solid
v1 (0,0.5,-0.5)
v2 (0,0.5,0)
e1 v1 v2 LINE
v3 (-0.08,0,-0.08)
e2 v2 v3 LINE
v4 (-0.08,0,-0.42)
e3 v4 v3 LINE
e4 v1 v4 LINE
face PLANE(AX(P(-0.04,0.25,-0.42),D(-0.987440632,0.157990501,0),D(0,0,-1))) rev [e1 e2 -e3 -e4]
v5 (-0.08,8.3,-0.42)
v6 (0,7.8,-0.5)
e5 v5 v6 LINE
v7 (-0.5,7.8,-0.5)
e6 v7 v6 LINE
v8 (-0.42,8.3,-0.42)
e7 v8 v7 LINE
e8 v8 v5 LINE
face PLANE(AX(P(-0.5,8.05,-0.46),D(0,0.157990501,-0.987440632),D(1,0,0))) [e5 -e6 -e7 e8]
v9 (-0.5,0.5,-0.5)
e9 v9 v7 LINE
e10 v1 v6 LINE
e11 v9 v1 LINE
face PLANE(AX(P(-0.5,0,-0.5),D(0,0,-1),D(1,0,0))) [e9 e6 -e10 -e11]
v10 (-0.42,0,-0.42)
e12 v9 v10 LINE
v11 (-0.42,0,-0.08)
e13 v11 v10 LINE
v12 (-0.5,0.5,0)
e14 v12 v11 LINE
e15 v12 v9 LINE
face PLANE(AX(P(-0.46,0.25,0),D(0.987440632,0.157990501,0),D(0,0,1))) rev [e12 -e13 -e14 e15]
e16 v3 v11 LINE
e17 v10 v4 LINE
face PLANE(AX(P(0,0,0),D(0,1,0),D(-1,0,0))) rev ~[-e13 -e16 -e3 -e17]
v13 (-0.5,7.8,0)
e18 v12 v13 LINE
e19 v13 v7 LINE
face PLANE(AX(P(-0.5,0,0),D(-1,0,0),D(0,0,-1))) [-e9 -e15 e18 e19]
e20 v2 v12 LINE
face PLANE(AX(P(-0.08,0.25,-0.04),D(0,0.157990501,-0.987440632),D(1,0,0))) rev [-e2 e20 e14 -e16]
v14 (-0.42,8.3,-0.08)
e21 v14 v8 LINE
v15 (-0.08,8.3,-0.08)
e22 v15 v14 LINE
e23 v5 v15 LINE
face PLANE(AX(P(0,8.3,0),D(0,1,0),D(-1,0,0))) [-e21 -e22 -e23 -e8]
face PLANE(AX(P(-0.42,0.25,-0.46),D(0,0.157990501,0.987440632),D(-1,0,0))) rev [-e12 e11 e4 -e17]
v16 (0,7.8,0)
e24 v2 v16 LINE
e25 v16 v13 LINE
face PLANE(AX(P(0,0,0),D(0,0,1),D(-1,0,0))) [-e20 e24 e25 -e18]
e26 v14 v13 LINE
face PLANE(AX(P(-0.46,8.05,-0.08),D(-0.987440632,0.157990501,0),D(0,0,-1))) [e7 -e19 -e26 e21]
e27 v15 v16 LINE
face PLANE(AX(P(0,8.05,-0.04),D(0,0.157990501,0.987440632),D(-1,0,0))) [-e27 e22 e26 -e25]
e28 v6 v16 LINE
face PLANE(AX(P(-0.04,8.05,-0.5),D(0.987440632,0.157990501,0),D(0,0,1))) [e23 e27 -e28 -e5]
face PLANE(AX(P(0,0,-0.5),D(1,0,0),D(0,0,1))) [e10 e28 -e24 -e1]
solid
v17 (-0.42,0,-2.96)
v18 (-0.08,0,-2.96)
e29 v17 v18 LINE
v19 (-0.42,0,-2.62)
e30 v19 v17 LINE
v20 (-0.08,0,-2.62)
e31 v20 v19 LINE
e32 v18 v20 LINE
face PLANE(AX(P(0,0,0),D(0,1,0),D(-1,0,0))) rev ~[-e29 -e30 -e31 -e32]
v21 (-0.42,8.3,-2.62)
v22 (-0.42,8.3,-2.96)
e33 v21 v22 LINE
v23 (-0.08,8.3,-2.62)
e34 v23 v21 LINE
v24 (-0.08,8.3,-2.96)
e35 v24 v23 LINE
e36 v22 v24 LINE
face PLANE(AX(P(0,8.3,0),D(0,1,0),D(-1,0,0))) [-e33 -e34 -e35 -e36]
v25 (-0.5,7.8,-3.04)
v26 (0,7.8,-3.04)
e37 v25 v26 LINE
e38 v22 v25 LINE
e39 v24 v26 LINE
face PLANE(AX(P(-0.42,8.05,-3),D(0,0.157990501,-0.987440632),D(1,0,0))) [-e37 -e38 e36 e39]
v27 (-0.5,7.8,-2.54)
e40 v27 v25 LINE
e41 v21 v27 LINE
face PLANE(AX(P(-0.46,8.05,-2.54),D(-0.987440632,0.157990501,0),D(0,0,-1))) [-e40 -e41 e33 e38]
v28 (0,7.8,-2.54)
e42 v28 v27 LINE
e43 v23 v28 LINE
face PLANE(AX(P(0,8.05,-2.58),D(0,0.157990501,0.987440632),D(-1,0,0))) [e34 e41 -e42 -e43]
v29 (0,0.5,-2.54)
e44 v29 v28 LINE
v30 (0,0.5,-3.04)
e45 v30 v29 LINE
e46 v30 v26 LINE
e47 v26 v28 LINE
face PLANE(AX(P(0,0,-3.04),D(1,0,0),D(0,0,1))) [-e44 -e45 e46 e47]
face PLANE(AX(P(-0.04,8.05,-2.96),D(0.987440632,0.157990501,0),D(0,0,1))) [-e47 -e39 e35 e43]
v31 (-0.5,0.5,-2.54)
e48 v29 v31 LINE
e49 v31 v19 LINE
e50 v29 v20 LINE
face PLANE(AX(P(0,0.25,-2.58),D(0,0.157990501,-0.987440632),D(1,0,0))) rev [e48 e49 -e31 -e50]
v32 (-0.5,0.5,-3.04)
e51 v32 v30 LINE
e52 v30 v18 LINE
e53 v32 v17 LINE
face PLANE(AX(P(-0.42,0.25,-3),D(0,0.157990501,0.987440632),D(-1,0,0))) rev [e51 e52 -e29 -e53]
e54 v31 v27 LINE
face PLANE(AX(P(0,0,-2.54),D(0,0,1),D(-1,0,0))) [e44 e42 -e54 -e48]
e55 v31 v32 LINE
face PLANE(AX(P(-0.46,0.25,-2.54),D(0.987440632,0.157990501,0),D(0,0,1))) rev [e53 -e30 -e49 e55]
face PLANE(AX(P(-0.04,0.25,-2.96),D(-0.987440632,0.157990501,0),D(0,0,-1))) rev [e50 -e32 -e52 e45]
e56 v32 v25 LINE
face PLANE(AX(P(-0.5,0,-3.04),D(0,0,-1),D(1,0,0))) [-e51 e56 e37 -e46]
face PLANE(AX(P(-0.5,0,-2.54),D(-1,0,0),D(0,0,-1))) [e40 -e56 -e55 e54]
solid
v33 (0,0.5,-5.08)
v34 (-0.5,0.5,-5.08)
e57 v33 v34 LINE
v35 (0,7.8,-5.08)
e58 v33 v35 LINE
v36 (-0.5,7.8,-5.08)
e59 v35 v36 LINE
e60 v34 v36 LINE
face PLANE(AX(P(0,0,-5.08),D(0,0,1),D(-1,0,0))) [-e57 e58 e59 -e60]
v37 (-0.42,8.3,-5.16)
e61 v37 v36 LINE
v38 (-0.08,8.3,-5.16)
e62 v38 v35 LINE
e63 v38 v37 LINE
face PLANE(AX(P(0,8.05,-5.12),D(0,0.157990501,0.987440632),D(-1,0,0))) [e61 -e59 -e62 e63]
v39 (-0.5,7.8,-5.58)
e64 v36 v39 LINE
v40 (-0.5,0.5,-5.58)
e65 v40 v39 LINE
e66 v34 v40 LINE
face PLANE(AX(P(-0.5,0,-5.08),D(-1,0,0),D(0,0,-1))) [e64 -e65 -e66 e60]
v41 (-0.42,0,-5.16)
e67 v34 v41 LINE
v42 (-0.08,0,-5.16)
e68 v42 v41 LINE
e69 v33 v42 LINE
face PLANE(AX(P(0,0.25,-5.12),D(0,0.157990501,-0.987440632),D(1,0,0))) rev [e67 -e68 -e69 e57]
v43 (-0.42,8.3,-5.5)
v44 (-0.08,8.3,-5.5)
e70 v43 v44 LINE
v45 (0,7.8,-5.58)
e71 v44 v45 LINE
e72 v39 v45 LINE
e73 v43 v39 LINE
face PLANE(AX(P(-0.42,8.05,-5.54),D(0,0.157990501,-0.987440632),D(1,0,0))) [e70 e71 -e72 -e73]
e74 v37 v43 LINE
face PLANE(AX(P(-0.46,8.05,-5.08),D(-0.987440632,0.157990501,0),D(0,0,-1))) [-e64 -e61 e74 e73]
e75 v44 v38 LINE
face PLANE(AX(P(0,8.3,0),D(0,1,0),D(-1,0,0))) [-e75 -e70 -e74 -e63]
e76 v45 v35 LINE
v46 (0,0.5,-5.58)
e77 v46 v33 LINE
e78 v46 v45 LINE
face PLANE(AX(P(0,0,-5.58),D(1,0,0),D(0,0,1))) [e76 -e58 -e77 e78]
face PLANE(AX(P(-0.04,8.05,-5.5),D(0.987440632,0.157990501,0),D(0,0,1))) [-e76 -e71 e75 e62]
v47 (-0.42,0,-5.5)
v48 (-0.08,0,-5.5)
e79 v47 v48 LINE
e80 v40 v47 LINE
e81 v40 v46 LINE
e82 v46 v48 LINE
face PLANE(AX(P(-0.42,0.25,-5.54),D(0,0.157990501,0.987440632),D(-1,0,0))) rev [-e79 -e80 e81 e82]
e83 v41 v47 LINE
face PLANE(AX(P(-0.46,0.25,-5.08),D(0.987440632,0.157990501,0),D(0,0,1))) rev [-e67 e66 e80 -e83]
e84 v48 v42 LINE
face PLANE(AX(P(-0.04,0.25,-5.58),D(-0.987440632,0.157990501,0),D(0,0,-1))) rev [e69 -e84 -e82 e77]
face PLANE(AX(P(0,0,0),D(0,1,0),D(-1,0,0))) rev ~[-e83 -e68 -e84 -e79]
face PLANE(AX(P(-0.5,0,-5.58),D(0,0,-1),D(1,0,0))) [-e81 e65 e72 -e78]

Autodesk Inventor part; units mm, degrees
ref_plane "YZ Plane" through (0, 0, 0) normal (1, 0, 0) x (0, 1, 0)
ref_plane "XZ Plane" through (0, 0, 0) normal (0, 1, 0) x (-1, 0, 0)
ref_plane "XY Plane" through (0, 0, 0) normal (0, 0, 1) x (1, 0, 0)
sketch "Boceto1" plane through (0, 0, 0) normal (0, 1, 0) x (-1, 0, 0)
  line L0 (0, 0) -> (0.5, 0)
  line L1 (0.5, 0) -> (0.5, -0.5)
  line L2 (0.5, -0.5) -> (0, -0.5)
  line L3 (0, -0.5) -> (0, 0)
  line L4 (0, -2.54) -> (0.5, -2.54)
  line L5 (0.5, -2.54) -> (0.5, -3.04)
  line L6 (0.5, -3.04) -> (0, -3.04)
  line L7 (0, -3.04) -> (0, -2.54)
  line L8 (0, -5.08) -> (0.5, -5.08)
  line L9 (0.5, -5.08) -> (0.5, -5.58)
  line L10 (0.5, -5.58) -> (0, -5.58)
  line L11 (0, -5.58) -> (0, -5.08)
  dimension "d0" = 0.5
  dimension "d1" = 0.5
  dimension "d2" = 0.5
  dimension "d3" = 0.5
  dimension "d7" = 2.04
  dimension "d8" = 0.5
  dimension "d9" = 0.5
  dimension "d10" = 2.04
extrude "Extrusión1" add sketch "Boceto1" along normal blind 8.3
chamfer "Chaflán1" distance 0.08 distance2 0.5 1 edges at (-0.25, 8.3, 0) measured on face at (-0.1667, 8.3, -0.1667)
chamfer "Chaflán2" distance 0.08 distance2 0.5 1 edges at (0, 8.3, -0.29) measured on face at (-0.1667, 8.3, -0.22)
chamfer "Chaflán3" distance 0.08 distance2 0.5 1 edges at (-0.29, 8.3, -0.5) measured on face at (-0.22, 8.3, -0.22)
chamfer "Chaflán4" distance 0.08 distance2 0.5 1 edges at (-0.5, 8.3, -0.25) measured on face at (-0.22, 8.3, -0.1933)
chamfer "Chaflán5" distance 0.08 distance2 0.5 1 edges at (-0.5, 8.3, -2.79) measured on face at (-0.1667, 8.3, -2.7067)
chamfer "Chaflán6" distance 0.08 distance2 0.5 1 edges at (-0.21, 8.3, -2.54) measured on face at (-0.14, 8.3, -2.7067)
chamfer "Chaflán7" distance 0.08 distance2 0.5 1 edges at (-0.21, 8.3, -3.04) measured on face at (-0.14, 8.3, -2.76)
chamfer "Chaflán8" distance 0.08 distance2 0.5 1 edges at (0, 8.3, -2.79) measured on face at (-0.14, 8.3, -2.7333)
chamfer "Chaflán9" distance 0.08 distance2 0.5 1 edges at (-0.5, 8.3, -5.33) measured on face at (-0.1667, 8.3, -5.2467)
chamfer "Chaflán10" distance 0.08 distance2 0.5 1 edges at (-0.21, 8.3, -5.08) measured on face at (-0.14, 8.3, -5.2467)
chamfer "Chaflán11" distance 0.08 distance2 0.5 1 edges at (-0.21, 8.3, -5.58) measured on face at (-0.14, 8.3, -5.3)
chamfer "Chaflán12" distance 0.08 distance2 0.5 1 edges at (0, 8.3, -5.33) measured on face at (-0.14, 8.3, -5.2733)
chamfer "Chaflán13" distance 0.5 distance2 0.08 1 edges at (-0.5, 0, -0.25) measured on face at (-0.5, 2.6, -0.3333)
chamfer "Chaflán14" distance 0.5 distance2 0.08 1 edges at (-0.21, 0, -0.5) measured on face at (-0.1667, 2.7667, -0.5)
chamfer "Chaflán15" distance 0.5 distance2 0.08 1 edges at (0, 0, -0.21) measured on face at (0, 2.7667, -0.1667)
chamfer "Chaflán16" distance 0.5 distance2 0.08 1 edges at (-0.25, 0, 0) measured on face at (-0.3333, 2.9333, 0)
chamfer "Chaflán17" distance 0.5 distance2 0.08 1 edges at (-0.5, 0, -2.79) measured on face at (-0.5, 5.2, -2.7067)
chamfer "Chaflán18" distance 0.5 distance2 0.08 1 edges at (-0.21, 0, -2.54) measured on face at (-0.1667, 2.7667, -2.54)
chamfer "Chaflán19" distance 0.5 distance2 0.08 1 edges at (-0.21, 0, -3.04) measured on face at (-0.1667, 2.7667, -3.04)
chamfer "Chaflán20" distance 0.5 distance2 0.08 1 edges at (0, 0, -2.79) measured on face at (0, 2.9333, -2.7067)
chamfer "Chaflán21" distance 0.5 distance2 0.08 1 edges at (-0.5, 0, -5.33) measured on face at (-0.5, 5.2, -5.2467)
chamfer "Chaflán22" distance 0.5 distance2 0.08 1 edges at (-0.21, 0, -5.08) measured on face at (-0.1667, 2.7667, -5.08)
chamfer "Chaflán23" distance 0.5 distance2 0.08 1 edges at (0, 0, -5.37) measured on face at (0, 2.7667, -5.4133)
chamfer "Chaflán24" distance 0.5 distance2 0.08 1 edges at (-0.25, 0, -5.58) measured on face at (-0.1667, 2.9333, -5.58)
properties part number "Conector 3 pines"
